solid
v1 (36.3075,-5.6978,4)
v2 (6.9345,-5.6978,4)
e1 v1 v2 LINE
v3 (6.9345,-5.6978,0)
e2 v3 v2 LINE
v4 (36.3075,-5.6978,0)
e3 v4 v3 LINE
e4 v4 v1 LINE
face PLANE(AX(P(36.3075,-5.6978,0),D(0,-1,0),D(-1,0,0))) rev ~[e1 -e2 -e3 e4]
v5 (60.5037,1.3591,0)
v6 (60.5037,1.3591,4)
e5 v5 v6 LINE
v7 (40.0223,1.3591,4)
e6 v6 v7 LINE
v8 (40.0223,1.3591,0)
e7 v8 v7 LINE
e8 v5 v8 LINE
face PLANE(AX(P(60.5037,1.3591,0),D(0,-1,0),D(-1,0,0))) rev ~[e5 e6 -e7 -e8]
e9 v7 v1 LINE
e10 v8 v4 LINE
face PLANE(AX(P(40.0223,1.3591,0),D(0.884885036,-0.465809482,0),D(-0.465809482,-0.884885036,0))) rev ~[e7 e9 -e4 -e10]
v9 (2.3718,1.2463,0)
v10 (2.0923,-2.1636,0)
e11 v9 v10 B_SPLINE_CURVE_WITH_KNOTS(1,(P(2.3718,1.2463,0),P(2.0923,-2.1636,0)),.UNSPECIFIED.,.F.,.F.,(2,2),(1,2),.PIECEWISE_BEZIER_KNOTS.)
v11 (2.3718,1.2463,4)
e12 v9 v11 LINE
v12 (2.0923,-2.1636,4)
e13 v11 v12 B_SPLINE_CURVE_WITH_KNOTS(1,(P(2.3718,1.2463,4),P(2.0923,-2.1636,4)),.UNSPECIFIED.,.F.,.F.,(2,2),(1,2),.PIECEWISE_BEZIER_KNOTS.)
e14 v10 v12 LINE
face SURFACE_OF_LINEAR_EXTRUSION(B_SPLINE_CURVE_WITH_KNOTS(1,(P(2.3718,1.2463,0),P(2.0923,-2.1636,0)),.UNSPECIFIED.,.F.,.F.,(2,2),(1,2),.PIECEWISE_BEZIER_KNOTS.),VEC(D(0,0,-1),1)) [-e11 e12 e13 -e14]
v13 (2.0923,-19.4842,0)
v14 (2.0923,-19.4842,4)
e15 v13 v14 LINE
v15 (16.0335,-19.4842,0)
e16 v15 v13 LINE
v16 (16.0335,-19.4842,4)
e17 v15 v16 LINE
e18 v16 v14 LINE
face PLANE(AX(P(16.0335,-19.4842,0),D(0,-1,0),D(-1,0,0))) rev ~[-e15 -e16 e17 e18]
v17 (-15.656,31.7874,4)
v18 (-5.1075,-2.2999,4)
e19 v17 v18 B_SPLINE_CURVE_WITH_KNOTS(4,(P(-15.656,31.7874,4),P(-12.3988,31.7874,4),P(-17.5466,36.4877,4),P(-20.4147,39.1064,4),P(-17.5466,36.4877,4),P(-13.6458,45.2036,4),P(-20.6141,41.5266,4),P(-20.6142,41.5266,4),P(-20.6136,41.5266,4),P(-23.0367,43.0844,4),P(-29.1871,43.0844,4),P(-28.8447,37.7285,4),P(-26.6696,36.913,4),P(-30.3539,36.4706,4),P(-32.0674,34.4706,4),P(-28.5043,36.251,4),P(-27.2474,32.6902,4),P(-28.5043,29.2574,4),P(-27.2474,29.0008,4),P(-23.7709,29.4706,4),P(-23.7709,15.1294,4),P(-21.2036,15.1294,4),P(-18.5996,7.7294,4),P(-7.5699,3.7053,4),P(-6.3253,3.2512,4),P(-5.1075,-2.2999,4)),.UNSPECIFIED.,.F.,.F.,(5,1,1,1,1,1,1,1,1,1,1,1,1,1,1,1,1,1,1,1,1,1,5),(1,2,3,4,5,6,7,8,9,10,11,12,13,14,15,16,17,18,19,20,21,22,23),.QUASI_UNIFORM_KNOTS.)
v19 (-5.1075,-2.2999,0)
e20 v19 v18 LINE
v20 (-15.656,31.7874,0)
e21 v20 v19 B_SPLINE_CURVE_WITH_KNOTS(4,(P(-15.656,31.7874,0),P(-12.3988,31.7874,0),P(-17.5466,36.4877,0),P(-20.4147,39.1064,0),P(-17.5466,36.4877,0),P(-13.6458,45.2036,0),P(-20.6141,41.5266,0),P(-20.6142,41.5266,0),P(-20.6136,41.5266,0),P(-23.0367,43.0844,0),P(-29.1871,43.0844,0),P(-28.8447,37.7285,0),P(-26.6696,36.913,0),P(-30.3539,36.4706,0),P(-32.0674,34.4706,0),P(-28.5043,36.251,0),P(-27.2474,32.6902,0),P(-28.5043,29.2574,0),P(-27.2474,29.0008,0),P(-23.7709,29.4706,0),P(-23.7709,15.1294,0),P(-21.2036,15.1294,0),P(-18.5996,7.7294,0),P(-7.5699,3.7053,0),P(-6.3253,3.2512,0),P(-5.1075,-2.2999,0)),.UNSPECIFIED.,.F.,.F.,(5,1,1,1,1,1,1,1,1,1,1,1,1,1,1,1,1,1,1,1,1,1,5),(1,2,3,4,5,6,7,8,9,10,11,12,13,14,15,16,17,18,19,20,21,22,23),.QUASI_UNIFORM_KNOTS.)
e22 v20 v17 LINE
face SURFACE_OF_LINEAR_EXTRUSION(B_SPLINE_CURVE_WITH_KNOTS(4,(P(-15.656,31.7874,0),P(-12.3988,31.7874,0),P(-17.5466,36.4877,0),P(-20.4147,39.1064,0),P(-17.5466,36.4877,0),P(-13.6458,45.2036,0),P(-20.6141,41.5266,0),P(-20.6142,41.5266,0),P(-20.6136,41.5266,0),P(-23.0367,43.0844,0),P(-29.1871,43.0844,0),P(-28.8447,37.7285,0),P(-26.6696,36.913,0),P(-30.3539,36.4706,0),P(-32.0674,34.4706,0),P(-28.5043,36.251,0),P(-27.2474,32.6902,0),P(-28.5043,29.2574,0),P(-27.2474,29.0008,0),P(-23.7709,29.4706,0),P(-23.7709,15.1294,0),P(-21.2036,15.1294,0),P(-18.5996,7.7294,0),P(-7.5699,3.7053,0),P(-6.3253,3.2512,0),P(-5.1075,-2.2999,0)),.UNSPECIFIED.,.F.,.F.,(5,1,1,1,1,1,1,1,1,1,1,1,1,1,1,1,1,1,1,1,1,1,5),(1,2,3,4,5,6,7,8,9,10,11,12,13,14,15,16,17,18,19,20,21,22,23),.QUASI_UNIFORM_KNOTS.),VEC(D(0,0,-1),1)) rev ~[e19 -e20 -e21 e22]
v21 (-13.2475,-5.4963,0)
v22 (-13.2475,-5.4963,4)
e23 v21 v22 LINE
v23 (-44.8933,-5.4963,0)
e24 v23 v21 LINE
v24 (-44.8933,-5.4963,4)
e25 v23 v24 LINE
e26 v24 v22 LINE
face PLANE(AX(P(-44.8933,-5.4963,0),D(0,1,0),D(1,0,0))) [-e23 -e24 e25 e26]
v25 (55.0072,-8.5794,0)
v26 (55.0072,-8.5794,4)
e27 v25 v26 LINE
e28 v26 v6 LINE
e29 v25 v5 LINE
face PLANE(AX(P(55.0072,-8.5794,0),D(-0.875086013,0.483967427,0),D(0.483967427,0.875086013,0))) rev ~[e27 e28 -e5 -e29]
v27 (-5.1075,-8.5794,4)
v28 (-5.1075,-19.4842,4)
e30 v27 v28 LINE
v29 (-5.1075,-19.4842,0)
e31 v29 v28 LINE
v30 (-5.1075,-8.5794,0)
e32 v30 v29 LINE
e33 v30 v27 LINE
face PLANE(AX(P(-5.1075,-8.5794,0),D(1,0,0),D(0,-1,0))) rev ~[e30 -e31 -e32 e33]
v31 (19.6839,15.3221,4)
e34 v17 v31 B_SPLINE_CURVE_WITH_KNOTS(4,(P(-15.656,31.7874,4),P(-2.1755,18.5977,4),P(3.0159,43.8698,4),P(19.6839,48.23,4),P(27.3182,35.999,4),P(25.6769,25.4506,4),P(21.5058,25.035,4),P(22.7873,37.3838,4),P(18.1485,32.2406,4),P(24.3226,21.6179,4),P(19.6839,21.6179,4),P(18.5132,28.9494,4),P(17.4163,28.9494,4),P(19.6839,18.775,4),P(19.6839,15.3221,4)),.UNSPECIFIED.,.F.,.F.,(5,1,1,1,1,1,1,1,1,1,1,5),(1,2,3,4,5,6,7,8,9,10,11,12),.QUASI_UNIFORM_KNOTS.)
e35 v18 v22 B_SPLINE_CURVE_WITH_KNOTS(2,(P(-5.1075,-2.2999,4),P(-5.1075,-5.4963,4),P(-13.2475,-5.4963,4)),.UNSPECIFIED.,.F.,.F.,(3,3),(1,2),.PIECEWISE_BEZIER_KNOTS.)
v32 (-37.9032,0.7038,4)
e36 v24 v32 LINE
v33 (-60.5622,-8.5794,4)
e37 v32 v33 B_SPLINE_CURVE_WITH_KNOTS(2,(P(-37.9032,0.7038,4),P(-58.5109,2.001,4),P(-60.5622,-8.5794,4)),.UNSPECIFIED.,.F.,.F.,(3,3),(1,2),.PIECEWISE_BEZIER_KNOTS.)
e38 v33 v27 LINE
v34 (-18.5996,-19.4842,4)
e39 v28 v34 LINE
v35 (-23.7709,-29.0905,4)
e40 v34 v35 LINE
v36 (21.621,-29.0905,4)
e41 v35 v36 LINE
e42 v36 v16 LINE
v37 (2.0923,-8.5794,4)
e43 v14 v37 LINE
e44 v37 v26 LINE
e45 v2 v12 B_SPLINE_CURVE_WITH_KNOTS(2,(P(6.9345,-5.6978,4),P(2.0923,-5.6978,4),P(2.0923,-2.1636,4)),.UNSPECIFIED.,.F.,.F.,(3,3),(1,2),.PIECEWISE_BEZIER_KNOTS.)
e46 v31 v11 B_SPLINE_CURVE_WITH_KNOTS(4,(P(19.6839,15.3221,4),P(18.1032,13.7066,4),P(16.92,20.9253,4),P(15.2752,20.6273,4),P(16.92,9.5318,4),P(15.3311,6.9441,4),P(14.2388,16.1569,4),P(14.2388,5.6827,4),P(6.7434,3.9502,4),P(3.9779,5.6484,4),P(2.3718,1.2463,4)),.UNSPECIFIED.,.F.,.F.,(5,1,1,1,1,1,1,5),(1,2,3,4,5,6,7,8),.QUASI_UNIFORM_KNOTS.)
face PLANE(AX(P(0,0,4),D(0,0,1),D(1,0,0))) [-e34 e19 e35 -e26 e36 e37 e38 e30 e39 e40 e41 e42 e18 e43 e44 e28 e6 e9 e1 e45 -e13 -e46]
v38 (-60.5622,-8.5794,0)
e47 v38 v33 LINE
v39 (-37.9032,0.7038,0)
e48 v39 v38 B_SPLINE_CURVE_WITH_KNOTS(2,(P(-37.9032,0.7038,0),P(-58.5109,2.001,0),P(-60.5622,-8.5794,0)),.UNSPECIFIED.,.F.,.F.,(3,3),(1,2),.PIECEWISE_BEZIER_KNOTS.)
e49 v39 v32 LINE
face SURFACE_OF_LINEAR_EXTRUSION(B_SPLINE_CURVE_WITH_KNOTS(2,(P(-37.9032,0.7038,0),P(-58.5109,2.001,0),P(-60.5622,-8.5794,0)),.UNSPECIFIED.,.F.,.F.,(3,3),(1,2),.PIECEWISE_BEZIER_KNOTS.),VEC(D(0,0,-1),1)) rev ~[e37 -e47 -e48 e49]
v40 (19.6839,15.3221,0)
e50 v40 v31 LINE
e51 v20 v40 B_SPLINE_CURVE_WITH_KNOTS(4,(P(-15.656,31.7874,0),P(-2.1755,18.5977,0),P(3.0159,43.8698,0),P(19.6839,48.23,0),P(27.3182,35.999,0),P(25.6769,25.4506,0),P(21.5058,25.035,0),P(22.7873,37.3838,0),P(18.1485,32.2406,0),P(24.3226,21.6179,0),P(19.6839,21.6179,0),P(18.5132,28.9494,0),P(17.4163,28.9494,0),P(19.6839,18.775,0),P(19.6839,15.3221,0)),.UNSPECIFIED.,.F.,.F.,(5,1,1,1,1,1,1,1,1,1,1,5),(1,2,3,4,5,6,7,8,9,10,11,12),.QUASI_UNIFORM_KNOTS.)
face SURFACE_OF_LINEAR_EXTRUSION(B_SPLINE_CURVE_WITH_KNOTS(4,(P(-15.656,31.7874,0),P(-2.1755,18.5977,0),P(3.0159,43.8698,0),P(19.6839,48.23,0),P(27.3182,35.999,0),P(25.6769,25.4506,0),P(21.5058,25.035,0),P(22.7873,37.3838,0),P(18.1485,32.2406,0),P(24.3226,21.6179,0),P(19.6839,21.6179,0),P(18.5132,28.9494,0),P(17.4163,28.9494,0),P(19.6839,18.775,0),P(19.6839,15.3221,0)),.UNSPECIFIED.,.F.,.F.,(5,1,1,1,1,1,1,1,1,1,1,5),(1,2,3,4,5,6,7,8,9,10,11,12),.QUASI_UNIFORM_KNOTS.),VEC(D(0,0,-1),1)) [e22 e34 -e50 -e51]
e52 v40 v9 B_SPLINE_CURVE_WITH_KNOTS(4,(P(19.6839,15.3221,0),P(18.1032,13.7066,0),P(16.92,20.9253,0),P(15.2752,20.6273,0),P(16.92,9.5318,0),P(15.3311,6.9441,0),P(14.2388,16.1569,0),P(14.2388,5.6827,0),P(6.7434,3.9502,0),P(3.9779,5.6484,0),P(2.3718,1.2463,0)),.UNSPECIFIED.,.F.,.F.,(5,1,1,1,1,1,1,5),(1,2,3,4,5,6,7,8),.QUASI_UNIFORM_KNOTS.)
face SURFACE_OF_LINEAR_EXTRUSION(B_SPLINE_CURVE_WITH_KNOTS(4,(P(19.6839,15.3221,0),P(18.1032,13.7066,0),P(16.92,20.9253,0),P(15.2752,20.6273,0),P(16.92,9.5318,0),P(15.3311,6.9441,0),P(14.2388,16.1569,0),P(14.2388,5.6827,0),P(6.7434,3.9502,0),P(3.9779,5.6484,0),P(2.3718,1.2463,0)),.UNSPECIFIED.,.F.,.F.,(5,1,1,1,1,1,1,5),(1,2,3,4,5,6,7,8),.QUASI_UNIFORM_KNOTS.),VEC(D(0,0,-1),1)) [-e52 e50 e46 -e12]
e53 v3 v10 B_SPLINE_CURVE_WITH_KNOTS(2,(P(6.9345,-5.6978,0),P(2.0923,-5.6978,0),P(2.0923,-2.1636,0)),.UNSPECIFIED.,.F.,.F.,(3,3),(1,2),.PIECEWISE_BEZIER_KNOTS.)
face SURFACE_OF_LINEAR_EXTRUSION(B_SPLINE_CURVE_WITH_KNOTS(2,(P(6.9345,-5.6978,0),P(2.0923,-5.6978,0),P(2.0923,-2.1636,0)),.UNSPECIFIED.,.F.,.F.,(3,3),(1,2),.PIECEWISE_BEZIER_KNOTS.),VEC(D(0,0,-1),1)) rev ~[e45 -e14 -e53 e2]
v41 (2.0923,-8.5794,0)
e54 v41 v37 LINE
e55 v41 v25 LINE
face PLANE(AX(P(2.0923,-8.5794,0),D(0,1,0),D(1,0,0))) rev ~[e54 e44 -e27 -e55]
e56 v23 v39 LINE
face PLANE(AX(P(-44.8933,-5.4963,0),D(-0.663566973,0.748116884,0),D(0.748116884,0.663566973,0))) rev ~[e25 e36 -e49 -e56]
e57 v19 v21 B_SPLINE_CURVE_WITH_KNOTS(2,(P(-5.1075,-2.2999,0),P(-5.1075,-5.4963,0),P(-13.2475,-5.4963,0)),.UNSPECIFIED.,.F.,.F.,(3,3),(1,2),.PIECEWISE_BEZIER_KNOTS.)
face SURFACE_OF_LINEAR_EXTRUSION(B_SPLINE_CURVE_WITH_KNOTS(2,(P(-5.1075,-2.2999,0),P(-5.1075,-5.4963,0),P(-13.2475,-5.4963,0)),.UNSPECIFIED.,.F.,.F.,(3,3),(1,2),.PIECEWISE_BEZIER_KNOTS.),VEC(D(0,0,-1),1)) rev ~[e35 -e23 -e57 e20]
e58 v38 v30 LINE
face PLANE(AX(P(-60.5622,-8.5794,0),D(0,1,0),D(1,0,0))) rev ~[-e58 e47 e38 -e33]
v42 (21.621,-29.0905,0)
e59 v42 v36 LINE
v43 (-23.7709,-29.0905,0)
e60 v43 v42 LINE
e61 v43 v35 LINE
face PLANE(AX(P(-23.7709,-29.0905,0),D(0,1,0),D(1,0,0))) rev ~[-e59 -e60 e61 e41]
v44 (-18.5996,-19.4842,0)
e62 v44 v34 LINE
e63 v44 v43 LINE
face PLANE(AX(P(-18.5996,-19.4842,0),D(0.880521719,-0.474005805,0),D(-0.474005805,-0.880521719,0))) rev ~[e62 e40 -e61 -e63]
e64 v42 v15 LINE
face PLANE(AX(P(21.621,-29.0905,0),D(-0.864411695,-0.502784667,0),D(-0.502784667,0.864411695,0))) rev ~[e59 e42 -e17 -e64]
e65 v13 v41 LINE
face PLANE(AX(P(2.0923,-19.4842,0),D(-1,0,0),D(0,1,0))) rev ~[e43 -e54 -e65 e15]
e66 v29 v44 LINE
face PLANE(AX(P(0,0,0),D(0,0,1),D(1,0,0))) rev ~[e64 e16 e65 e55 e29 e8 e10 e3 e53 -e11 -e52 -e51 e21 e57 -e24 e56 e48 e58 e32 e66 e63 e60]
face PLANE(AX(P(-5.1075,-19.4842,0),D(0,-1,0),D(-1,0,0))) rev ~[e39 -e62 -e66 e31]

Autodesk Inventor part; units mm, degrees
ref_plane "YZ Plane" through (0, 0, 0) normal (1, 0, 0) x (0, 1, 0)
ref_plane "XZ Plane" through (0, 0, 0) normal (0, 1, 0) x (-1, 0, 0)
ref_plane "XY Plane" through (0, 0, 0) normal (0, 0, 1) x (1, 0, 0)
sketch "スケッチ1" plane through (0, 0, 0) normal (0, 0, 1) x (1, 0, 0)
  line L0 (55.0072, -8.5794) -> (60.5037, 1.3591)
  line L1 (60.5037, 1.3591) -> (40.0223, 1.3591)
  line L2 (40.0223, 1.3591) -> (36.3075, -5.6978)
  line L3 (-44.8933, -5.4963) -> (-37.9032, 0.7038)
  line L4 (-37.9032, 0.7038) -> (-58.5109, 2.001) construction
  line L5 (-58.5109, 2.001) -> (-60.5622, -8.5794) construction
  spline S0 degree 2 poles (-37.9032, 0.7038) (-58.5109, 2.001) (-60.5622, -8.5794) knots 1 1 1 2 2 2
  line L6 (-15.656, 31.7874) -> (-2.1755, 18.5977) construction
  line L7 (-2.1755, 18.5977) -> (3.0159, 43.8698) construction
  line L8 (3.0159, 43.8698) -> (19.6839, 48.23) construction
  line L9 (19.6839, 48.23) -> (27.3182, 35.999) construction
  line L10 (27.3182, 35.999) -> (25.6769, 25.4506) construction
  line L11 (25.6769, 25.4506) -> (21.5058, 25.035) construction
  line L12 (21.5058, 25.035) -> (22.7873, 37.3838) construction
  line L13 (22.7873, 37.3838) -> (18.1485, 32.2406) construction
  line L14 (18.1485, 32.2406) -> (24.3226, 21.6179) construction
  line L15 (24.3226, 21.6179) -> (19.6839, 21.6179) construction
  line L16 (19.6839, 21.6179) -> (18.5132, 28.9494) construction
  line L17 (18.5132, 28.9494) -> (17.4163, 28.9494) construction
  line L18 (17.4163, 28.9494) -> (19.6839, 18.775) construction
  line L19 (19.6839, 18.775) -> (19.6839, 15.3221) construction
  spline S1 degree 4 poles (-15.656, 31.7874) (-2.1755, 18.5977) (3.0159, 43.8698) (19.6839, 48.23) (27.3182, 35.999) (25.6769, 25.4506) (21.5058, 25.035) (22.7873, 37.3838) (18.1485, 32.2406) (24.3226, 21.6179) (19.6839, 21.6179) (18.5132, 28.9494) (17.4163, 28.9494) (19.6839, 18.775) (19.6839, 15.3221) knots 1 1 1 1 1 2 3 4 5 6 7 8 9 10 11 12 12 12 12 12
  line L20 (19.6839, 15.3221) -> (18.1032, 13.7066) construction
  line L21 (18.1032, 13.7066) -> (16.92, 20.9253) construction
  line L22 (16.92, 20.9253) -> (15.2752, 20.6273) construction
  line L23 (15.2752, 20.6273) -> (16.92, 9.5318) construction
  line L24 (16.92, 9.5318) -> (15.3311, 6.9441) construction
  line L25 (15.3311, 6.9441) -> (14.2388, 16.1569) construction
  line L26 (14.2388, 16.1569) -> (14.2388, 5.6827) construction
  line L27 (14.2388, 5.6827) -> (6.7434, 3.9502) construction
  line L28 (6.7434, 3.9502) -> (3.9779, 5.6484) construction
  line L29 (3.9779, 5.6484) -> (2.3718, 1.2463) construction
  spline S2 degree 4 poles (19.6839, 15.3221) (18.1032, 13.7066) (16.92, 20.9253) (15.2752, 20.6273) (16.92, 9.5318) (15.3311, 6.9441) (14.2388, 16.1569) (14.2388, 5.6827) (6.7434, 3.9502) (3.9779, 5.6484) (2.3718, 1.2463) knots 1 1 1 1 1 2 3 4 5 6 7 8 8 8 8 8
  line L30 (2.3718, 1.2463) -> (2.0923, -2.1636) construction
  spline S3 degree 1 poles (2.3718, 1.2463) (2.0923, -2.1636) knots 1 1 2 2
  line L31 (-15.656, 31.7874) -> (-12.3988, 31.7874) construction
  line L32 (-12.3988, 31.7874) -> (-17.5466, 36.4877) construction
  line L33 (-17.5466, 36.4877) -> (-20.4147, 39.1064) construction
  line L34 (-20.4147, 39.1064) -> (-17.5466, 36.4877) construction
  line L35 (-17.5466, 36.4877) -> (-13.6458, 45.2036) construction
  line L36 (-13.6458, 45.2036) -> (-20.6141, 41.5266) construction
  line L37 (-20.6141, 41.5266) -> (-20.6142, 41.5266) construction
  line L38 (-20.6142, 41.5266) -> (-20.6136, 41.5266) construction
  line L39 (-20.6136, 41.5266) -> (-23.0367, 43.0844) construction
  line L40 (-23.0367, 43.0844) -> (-29.1871, 43.0844) construction
  line L41 (-29.1871, 43.0844) -> (-28.8447, 37.7285) construction
  line L42 (-28.8447, 37.7285) -> (-26.6696, 36.913) construction
  line L43 (-26.6696, 36.913) -> (-30.3539, 36.4706) construction
  line L44 (-30.3539, 36.4706) -> (-32.0674, 34.4706) construction
  line L45 (-32.0674, 34.4706) -> (-28.5043, 36.251) construction
  line L46 (-28.5043, 36.251) -> (-27.2474, 32.6902) construction
  line L47 (-27.2474, 32.6902) -> (-28.5043, 29.2574) construction
  line L48 (-28.5043, 29.2574) -> (-27.2474, 29.0008) construction
  line L49 (-27.2474, 29.0008) -> (-23.7709, 29.4706) construction
  line L50 (-23.7709, 29.4706) -> (-23.7709, 15.1294) construction
  line L51 (-23.7709, 15.1294) -> (-21.2036, 15.1294) construction
  line L52 (-21.2036, 15.1294) -> (-18.5996, 7.7294) construction
  line L53 (-18.5996, 7.7294) -> (-7.5699, 3.7053) construction
  line L54 (-7.5699, 3.7053) -> (-6.3253, 3.2512) construction
  line L55 (-6.3253, 3.2512) -> (-5.1075, -2.2999) construction
  spline S4 degree 4 poles (-15.656, 31.7874) (-12.3988, 31.7874) (-17.5466, 36.4877) (-20.4147, 39.1064) (-17.5466, 36.4877) (-13.6458, 45.2036) (-20.6141, 41.5266) (-20.6142, 41.5266) (-20.6136, 41.5266) (-23.0367, 43.0844) (-29.1871, 43.0844) (-28.8447, 37.7285) (-26.6696, 36.913) (-30.3539, 36.4706) (-32.0674, 34.4706) (-28.5043, 36.251) (-27.2474, 32.6902) (-28.5043, 29.2574) (-27.2474, 29.0008) (-23.7709, 29.4706) (-23.7709, 15.1294) (-21.2036, 15.1294) (-18.5996, 7.7294) (-7.5699, 3.7053) (-6.3253, 3.2512) (-5.1075, -2.2999) knots 1 1 1 1 1 2 3 4 5 6 7 8 9 10 11 12 13 14 15 16 17 18 19 20 21 22 23 23 23 23 23
  line L56 (-44.8933, -5.4963) -> (-13.2475, -5.4963)
  line L57 (36.3075, -5.6978) -> (6.9345, -5.6978)
  line L58 (6.9345, -5.6978) -> (2.0923, -5.6978) construction
  line L59 (2.0923, -5.6978) -> (2.0923, -2.1636) construction
  spline S5 degree 2 poles (6.9345, -5.6978) (2.0923, -5.6978) (2.0923, -2.1636) knots 1 1 1 2 2 2
  line L60 (-5.1075, -2.2999) -> (-5.1075, -5.4963) construction
  line L61 (-5.1075, -5.4963) -> (-13.2475, -5.4963) construction
  spline S6 degree 2 poles (-5.1075, -2.2999) (-5.1075, -5.4963) (-13.2475, -5.4963) knots 1 1 1 2 2 2
  line L62 (-60.5622, -8.5794) -> (-5.1075, -8.5794)
  line L63 (-5.1075, -8.5794) -> (-5.1075, -19.4842)
  line L64 (-5.1075, -19.4842) -> (-18.5996, -19.4842)
  line L65 (-18.5996, -19.4842) -> (-23.7709, -29.0905)
  line L66 (-23.7709, -29.0905) -> (21.621, -29.0905)
  line L67 (21.621, -29.0905) -> (16.0335, -19.4842)
  line L68 (16.0335, -19.4842) -> (2.0923, -19.4842)
  line L69 (2.0923, -19.4842) -> (2.0923, -8.5794)
  line L70 (2.0923, -8.5794) -> (55.0072, -8.5794)
  point P0 (0, 0)
  point P1 (0.2654, 30.4799)
  point P2 (3.1072, 34.6936)
extrude "押し出し1" add sketch "スケッチ1" along normal blind 4
